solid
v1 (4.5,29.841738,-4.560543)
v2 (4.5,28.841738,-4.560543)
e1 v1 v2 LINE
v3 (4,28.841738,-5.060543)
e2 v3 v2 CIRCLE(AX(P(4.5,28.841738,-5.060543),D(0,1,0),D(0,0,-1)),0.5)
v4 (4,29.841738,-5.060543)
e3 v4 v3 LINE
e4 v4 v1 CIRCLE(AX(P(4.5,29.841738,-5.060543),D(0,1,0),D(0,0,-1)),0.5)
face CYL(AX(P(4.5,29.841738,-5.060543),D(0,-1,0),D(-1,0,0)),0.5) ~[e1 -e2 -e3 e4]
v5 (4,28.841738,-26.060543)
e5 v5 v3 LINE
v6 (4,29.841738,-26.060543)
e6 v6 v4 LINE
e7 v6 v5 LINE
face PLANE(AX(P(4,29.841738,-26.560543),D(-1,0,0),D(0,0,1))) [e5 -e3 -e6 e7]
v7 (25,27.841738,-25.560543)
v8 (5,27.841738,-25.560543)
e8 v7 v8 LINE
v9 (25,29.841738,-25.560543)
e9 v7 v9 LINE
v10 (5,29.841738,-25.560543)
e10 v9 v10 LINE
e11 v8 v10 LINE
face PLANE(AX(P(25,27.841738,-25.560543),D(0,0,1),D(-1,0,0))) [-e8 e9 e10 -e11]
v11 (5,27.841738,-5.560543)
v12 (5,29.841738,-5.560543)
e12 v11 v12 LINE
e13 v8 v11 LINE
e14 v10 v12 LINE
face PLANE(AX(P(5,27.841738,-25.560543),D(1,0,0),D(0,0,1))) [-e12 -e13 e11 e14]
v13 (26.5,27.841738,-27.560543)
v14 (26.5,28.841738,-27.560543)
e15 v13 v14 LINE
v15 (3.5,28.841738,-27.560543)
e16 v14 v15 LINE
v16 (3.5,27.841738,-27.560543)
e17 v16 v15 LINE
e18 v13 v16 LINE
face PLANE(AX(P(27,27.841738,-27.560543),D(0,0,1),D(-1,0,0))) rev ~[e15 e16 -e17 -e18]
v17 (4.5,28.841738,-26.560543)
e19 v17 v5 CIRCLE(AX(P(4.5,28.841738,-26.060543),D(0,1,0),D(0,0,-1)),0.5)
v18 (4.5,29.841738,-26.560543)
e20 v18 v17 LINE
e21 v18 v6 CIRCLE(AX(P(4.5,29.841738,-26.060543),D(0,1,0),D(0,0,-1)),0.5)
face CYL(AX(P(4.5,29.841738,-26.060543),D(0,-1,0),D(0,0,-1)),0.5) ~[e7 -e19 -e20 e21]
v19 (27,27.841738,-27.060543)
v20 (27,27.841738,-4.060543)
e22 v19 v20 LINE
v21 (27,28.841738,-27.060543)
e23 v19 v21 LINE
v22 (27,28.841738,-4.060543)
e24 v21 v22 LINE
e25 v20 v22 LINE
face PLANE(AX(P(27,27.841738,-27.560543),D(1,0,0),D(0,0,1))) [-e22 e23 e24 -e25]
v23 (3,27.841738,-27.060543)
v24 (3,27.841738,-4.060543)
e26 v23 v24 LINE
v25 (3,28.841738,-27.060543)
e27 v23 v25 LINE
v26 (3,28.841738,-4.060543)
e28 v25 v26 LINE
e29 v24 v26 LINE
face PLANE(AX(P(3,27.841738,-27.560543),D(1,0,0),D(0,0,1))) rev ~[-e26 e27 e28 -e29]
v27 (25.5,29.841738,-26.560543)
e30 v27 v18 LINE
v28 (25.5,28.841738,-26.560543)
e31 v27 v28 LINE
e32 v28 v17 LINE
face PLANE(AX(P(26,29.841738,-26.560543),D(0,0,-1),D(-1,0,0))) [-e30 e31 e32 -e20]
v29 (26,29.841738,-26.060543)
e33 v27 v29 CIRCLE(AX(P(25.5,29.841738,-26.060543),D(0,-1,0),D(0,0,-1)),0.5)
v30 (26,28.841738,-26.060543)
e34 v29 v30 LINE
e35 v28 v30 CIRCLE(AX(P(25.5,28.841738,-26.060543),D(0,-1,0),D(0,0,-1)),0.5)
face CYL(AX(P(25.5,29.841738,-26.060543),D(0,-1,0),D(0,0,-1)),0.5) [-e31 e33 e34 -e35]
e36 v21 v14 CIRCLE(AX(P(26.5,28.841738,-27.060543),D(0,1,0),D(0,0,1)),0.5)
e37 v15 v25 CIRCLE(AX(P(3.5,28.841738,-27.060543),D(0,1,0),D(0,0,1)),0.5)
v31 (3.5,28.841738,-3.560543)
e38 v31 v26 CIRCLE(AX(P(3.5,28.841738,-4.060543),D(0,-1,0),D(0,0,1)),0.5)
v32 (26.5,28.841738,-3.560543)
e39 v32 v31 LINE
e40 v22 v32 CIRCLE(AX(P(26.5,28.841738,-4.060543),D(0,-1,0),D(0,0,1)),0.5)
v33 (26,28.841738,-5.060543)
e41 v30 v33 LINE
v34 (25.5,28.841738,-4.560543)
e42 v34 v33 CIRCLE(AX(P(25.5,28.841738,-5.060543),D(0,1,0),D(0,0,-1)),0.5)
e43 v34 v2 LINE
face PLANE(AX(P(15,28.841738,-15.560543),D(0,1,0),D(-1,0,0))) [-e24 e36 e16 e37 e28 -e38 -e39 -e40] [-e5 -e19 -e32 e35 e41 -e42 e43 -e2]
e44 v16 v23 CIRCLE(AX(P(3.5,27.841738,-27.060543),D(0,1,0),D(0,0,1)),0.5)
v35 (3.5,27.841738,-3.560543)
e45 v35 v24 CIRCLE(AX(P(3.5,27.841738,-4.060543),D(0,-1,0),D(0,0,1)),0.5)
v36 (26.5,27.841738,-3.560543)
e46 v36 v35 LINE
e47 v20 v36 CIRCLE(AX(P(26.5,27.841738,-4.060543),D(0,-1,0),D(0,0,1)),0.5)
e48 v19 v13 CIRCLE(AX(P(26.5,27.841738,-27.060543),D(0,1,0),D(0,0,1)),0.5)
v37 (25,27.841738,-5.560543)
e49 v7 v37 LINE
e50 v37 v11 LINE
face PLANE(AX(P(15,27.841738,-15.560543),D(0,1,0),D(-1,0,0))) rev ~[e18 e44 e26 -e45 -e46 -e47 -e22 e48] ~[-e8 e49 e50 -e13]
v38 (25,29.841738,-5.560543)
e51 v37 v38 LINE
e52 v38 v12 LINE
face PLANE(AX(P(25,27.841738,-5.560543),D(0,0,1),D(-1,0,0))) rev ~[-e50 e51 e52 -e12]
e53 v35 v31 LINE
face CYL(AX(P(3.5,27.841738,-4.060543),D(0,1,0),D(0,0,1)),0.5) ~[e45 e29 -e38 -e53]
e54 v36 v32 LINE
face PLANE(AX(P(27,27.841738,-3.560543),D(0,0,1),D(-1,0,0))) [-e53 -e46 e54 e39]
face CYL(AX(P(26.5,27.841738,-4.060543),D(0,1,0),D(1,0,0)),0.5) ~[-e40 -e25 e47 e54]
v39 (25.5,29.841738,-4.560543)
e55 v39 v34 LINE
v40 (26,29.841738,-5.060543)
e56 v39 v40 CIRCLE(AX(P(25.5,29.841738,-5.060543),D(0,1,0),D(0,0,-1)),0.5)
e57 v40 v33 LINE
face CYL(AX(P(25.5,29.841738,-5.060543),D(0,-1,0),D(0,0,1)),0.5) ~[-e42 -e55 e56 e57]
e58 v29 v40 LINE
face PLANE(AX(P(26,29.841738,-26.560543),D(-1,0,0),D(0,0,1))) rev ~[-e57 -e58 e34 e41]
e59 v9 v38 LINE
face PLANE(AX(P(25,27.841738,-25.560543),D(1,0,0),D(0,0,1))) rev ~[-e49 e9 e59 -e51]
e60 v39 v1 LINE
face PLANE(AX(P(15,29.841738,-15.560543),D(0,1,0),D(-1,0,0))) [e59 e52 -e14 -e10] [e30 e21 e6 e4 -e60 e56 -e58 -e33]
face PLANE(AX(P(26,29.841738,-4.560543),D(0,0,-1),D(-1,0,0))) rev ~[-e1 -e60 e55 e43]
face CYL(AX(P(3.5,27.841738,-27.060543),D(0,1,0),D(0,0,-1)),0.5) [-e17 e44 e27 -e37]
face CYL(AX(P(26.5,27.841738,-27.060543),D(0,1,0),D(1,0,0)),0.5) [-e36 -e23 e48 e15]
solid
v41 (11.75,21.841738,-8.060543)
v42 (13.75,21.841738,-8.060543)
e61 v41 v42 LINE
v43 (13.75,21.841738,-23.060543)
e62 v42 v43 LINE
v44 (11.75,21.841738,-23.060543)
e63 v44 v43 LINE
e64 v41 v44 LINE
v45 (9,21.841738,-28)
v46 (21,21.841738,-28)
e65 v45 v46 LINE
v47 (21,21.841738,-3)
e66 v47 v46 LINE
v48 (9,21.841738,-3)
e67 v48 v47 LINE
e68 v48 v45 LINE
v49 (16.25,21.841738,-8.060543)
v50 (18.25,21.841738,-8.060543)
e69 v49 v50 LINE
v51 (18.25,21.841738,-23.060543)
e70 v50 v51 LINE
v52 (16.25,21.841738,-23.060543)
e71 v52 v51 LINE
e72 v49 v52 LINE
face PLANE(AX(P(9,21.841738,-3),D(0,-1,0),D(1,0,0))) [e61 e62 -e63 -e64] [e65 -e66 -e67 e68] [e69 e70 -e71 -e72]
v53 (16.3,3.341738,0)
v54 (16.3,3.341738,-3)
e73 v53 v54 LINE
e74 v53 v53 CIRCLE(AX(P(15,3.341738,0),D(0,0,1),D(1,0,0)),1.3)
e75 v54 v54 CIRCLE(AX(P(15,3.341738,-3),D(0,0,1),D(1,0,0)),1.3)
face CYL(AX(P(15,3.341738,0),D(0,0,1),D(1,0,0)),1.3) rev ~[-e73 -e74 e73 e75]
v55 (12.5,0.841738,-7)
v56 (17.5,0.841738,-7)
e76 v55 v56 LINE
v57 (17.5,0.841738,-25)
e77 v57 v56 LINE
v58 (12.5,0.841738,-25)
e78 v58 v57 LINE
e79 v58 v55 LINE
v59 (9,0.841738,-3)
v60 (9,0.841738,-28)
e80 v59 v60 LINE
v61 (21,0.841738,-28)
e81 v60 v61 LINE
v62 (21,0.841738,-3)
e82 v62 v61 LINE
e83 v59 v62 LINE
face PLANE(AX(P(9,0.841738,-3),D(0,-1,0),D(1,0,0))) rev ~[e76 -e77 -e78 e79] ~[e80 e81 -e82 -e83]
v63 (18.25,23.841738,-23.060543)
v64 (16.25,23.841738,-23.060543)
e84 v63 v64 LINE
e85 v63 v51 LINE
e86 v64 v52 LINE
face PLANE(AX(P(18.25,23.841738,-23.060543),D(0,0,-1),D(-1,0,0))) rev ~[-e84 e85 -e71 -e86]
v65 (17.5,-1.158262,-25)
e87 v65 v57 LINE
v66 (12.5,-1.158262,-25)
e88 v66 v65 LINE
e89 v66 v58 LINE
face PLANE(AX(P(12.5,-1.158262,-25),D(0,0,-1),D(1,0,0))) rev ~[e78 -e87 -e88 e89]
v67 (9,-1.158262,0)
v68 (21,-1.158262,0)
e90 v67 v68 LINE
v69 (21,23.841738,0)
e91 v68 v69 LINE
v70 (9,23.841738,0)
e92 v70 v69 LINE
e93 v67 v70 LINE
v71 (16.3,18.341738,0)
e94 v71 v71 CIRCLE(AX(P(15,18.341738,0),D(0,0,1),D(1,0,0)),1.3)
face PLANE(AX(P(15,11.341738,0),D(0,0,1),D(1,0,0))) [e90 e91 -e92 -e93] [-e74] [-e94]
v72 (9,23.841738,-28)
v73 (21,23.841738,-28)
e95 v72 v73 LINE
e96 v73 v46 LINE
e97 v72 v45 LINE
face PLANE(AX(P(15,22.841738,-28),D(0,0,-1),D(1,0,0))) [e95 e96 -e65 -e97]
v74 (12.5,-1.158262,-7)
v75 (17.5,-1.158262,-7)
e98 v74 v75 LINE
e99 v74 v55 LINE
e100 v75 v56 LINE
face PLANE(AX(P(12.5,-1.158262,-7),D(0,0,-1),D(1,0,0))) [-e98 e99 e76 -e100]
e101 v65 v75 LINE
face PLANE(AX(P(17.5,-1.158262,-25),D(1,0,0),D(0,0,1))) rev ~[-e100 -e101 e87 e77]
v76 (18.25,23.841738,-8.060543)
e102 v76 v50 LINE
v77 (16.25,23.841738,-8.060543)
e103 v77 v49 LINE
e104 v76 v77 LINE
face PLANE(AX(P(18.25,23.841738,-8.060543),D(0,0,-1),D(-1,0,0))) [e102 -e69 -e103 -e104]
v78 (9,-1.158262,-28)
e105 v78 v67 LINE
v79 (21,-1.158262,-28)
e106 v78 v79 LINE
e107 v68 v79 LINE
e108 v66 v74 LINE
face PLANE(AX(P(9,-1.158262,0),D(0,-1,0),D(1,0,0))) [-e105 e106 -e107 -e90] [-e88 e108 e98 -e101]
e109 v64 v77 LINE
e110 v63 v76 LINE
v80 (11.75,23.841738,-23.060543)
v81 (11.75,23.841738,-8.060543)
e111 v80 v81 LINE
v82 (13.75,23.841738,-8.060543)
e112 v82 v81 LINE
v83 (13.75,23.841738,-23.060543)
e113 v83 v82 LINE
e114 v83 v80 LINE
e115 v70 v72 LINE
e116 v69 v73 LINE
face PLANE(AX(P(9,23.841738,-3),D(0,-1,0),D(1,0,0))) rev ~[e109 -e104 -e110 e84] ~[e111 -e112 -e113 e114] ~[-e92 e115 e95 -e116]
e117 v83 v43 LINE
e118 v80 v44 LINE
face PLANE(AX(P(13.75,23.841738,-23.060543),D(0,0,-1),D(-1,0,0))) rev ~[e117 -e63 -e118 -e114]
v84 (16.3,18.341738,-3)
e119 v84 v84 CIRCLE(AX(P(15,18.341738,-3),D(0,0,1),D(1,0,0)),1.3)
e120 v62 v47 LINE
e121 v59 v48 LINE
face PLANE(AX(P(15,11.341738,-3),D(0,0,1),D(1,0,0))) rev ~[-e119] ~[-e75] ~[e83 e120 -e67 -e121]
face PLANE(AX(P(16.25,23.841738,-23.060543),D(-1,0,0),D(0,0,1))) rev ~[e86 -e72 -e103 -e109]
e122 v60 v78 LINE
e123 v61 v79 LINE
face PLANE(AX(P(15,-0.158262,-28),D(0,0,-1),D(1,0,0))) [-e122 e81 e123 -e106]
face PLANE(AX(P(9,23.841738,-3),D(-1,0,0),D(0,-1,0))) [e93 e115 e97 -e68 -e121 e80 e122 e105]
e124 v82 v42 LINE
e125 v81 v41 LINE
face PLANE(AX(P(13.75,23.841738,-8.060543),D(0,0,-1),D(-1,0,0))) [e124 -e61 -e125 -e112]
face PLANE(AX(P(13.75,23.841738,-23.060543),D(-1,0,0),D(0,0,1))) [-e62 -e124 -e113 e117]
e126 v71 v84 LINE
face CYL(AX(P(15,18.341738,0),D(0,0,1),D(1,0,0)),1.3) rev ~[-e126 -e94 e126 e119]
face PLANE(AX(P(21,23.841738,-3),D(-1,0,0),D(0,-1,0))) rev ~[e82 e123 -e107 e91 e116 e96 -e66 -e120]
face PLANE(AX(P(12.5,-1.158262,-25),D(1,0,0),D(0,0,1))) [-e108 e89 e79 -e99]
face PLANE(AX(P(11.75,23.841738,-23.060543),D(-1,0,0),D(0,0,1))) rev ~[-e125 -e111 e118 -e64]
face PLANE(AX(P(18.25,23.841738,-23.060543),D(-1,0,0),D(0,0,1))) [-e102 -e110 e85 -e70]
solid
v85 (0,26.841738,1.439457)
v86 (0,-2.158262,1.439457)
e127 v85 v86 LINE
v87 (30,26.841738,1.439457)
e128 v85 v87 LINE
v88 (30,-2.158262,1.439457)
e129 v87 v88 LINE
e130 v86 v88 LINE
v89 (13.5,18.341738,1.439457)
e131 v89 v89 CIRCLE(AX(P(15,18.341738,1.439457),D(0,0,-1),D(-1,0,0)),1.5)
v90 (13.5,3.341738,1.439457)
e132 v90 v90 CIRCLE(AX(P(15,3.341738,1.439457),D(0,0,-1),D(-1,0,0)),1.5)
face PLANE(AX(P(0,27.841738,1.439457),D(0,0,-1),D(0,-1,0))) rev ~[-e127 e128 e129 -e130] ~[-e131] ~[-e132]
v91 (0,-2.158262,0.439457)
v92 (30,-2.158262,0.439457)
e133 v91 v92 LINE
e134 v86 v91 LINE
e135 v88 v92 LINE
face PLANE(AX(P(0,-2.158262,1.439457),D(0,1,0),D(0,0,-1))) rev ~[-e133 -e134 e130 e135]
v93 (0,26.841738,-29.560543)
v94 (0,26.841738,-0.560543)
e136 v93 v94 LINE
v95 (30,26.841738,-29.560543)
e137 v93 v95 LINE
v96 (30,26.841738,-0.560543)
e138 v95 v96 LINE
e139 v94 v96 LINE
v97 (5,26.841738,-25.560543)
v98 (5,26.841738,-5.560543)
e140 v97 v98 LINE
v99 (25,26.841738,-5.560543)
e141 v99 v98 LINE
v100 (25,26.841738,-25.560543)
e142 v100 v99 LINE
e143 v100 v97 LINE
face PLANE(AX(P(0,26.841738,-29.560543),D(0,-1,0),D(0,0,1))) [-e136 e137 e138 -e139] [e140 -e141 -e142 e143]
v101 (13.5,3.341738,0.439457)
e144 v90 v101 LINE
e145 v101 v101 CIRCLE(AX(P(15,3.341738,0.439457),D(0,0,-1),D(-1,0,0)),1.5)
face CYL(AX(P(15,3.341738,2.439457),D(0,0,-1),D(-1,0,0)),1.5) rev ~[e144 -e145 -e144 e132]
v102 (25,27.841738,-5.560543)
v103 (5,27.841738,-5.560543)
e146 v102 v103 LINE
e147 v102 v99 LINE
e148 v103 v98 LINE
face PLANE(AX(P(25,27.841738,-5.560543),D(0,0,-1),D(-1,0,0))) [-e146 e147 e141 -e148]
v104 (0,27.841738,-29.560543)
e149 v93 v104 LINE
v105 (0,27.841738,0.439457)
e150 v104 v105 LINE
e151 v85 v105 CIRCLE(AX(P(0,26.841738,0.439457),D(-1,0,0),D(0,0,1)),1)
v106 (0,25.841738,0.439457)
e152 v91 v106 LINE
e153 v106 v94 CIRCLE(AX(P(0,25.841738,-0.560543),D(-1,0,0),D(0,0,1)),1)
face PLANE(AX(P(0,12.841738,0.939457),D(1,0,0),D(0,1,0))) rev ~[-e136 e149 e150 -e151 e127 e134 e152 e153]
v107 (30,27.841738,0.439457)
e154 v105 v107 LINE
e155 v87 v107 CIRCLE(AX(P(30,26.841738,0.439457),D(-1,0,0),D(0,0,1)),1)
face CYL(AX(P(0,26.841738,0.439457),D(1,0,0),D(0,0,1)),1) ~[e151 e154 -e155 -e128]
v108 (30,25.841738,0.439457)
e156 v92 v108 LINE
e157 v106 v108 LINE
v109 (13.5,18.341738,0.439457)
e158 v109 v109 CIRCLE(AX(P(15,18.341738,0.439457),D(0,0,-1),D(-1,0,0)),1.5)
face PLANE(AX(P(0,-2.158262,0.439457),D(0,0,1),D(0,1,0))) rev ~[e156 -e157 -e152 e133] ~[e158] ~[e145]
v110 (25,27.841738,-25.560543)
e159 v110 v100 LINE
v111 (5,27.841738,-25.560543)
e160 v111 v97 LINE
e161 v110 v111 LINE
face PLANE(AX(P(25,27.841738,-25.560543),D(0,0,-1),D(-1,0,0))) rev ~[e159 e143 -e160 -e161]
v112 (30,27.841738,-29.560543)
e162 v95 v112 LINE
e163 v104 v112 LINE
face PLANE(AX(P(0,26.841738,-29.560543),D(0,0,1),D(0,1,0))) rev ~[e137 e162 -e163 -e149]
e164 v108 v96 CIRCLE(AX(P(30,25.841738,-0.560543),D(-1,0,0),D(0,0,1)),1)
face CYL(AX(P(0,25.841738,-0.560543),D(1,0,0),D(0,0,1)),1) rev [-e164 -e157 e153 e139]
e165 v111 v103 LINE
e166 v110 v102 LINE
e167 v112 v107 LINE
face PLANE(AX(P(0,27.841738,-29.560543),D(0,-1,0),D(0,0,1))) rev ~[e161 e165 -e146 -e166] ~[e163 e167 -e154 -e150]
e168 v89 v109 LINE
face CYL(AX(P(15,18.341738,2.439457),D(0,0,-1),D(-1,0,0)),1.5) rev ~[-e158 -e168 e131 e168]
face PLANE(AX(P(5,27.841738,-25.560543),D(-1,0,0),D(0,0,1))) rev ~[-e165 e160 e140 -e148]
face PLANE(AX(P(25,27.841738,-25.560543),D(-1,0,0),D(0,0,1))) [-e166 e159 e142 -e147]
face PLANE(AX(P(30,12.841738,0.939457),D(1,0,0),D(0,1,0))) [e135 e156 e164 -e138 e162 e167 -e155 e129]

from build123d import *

# Parameters (mm, degrees)
F0_W      = 1
F0_H      = 30
F1_DEPTH  = 30
F2_R      = 1
F3_W      = 20
F3_H      = 20
F4_DEPTH  = 1
F6_D      = 3
F6_DEPTH  = 1
F6_TIP    = 0.9012909285
F7_W      = 12
F7_H      = 25
F7_R      = 1.3
F8_DEPTH  = 3
F9_W      = 12
F9_H      = 2
F10_DEPTH = 25
F11_W     = 2
F11_H     = 15
F12_DEPTH = 3
F13_W     = 5
F13_H     = 18
F14_DEPTH = 2
F15_W     = 24
F15_H     = 24
F15_W_2   = 20
F15_H_2   = 20
F16_DEPTH = 2
F17_W     = 24
F17_H     = 24
F17_W_2   = 22
F17_H_2   = 22
F18_DEPTH = 1
F19_R     = 0.5


with BuildPart() as f1:
    # F0 (on Right) → F1 (new body)
    with BuildSketch(Plane.YZ):
        Polygon((27.8417383954, 1.4394566469), (-2.1582616046, 1.4394566469), (-2.1582616046, 0.4394566469), (26.8417383954, 0.4394566469), (27.8417383954, 0.4394566469), align=None)
        with Locations((27.3417383954, -14.5605433531)):
            Rectangle(F0_W, F0_H)
    extrude(amount=F1_DEPTH)

    # F2
    f2_edges = [f1.edges().sort_by_distance(p)[0] for p in [
        (15, 27.841738, 1.439457),
        (15, 26.841738, 0.439457),
    ]]
    fillet(f2_edges, radius=F2_R)

    # F3 (on face) → F4 (cut)
    with BuildSketch(Plane(origin=(0, 27.8417383954, 0), x_dir=(-1, 0, 0), z_dir=(0, 1, 0))):
        with Locations((-15, -15.5605433531)):
            Rectangle(F3_W, F3_H)
    extrude(amount=-F4_DEPTH, mode=Mode.SUBTRACT)

    # F6
    with Locations(Plane.XY.offset(1.4394566469)):
        with Locations((15, 3.3417383954), (15, 18.3417383954)):
            Hole(F6_D / 2, depth=F6_DEPTH)
            with Locations((0, 0, -(F6_DEPTH + F6_TIP / 2))):  # 118° drill point
                Cone(0, F6_D / 2, F6_TIP, mode=Mode.SUBTRACT)


with BuildPart() as f8:
    # F7 (on Top) → F8 (new body)
    with BuildSketch(Plane.XY):
        with Locations((15, 11.3417383954)):
            Rectangle(F7_W, F7_H)
        with Locations((15, 3.3417383954)):
            Circle(F7_R, mode=Mode.SUBTRACT)
        with Locations((15, 18.3417383954)):
            Circle(F7_R, mode=Mode.SUBTRACT)
    extrude(amount=-F8_DEPTH)

    # F9 (on face) → F10 (join)
    with BuildSketch(Plane(origin=(0, 0, -3), x_dir=(1, 0, 0), z_dir=(0, 0, -1))):
        with Locations((15, -22.8417383954)):
            Rectangle(F9_W, F9_H)
        with Locations((15, 0.1582616046)):
            Rectangle(F9_W, F9_H)
    extrude(amount=F10_DEPTH)

    # F11 (on face) → F12 (cut)
    with BuildSketch(Plane(origin=(0, 23.8417383954, 0), x_dir=(-1, 0, 0), z_dir=(0, 1, 0))):
        with Locations((-17.25, -15.5605433531)):
            Rectangle(F11_W, F11_H)
        with Locations((-12.75, -15.5605433531)):
            Rectangle(F11_W, F11_H)
    extrude(amount=-F12_DEPTH, mode=Mode.SUBTRACT)

    # F13 (on face) → F14 (cut)
    with BuildSketch(Plane.XZ.offset(1.1582616046)):
        with Locations((15, -16)):
            Rectangle(F13_W, F13_H)
    extrude(amount=-F14_DEPTH, mode=Mode.SUBTRACT)


with BuildPart() as f16:
    # F15 (on face) → F16 (new body)
    with BuildSketch(Plane(origin=(0, 27.8417383954, 0), x_dir=(-1, 0, 0), z_dir=(0, 1, 0))):
        with Locations((-15, -15.5605433531)):
            Rectangle(F15_W, F15_H)
        with Locations((-15, -15.5605433531)):
            Rectangle(F15_W_2, F15_H_2, mode=Mode.SUBTRACT)
    extrude(amount=F16_DEPTH)

    # F17 (on face) → F18 (cut)
    with BuildSketch(Plane(origin=(0, 29.8417383954, 0), x_dir=(-1, 0, 0), z_dir=(0, 1, 0))):
        with Locations((-15, -15.5605433531)):
            Rectangle(F17_W, F17_H)
        with Locations((-15, -15.5605433531)):
            Rectangle(F17_W_2, F17_H_2, mode=Mode.SUBTRACT)
    extrude(amount=-F18_DEPTH, mode=Mode.SUBTRACT)

    # F19
    f19_edges = [f16.edges().sort_by_distance(p)[0] for p in [
        (26, 29.341738, -4.560543),
        (4, 29.341738, -4.560543),
        (4, 29.341738, -26.560543),
        (26, 29.341738, -26.560543),
        (27, 28.341738, -3.560543),
        (3, 28.341738, -3.560543),
        (27, 28.341738, -27.560543),
        (3, 28.341738, -27.560543),
    ]]
    fillet(f19_edges, radius=F19_R)


solid = Compound([f1.part, f8.part, f16.part])
